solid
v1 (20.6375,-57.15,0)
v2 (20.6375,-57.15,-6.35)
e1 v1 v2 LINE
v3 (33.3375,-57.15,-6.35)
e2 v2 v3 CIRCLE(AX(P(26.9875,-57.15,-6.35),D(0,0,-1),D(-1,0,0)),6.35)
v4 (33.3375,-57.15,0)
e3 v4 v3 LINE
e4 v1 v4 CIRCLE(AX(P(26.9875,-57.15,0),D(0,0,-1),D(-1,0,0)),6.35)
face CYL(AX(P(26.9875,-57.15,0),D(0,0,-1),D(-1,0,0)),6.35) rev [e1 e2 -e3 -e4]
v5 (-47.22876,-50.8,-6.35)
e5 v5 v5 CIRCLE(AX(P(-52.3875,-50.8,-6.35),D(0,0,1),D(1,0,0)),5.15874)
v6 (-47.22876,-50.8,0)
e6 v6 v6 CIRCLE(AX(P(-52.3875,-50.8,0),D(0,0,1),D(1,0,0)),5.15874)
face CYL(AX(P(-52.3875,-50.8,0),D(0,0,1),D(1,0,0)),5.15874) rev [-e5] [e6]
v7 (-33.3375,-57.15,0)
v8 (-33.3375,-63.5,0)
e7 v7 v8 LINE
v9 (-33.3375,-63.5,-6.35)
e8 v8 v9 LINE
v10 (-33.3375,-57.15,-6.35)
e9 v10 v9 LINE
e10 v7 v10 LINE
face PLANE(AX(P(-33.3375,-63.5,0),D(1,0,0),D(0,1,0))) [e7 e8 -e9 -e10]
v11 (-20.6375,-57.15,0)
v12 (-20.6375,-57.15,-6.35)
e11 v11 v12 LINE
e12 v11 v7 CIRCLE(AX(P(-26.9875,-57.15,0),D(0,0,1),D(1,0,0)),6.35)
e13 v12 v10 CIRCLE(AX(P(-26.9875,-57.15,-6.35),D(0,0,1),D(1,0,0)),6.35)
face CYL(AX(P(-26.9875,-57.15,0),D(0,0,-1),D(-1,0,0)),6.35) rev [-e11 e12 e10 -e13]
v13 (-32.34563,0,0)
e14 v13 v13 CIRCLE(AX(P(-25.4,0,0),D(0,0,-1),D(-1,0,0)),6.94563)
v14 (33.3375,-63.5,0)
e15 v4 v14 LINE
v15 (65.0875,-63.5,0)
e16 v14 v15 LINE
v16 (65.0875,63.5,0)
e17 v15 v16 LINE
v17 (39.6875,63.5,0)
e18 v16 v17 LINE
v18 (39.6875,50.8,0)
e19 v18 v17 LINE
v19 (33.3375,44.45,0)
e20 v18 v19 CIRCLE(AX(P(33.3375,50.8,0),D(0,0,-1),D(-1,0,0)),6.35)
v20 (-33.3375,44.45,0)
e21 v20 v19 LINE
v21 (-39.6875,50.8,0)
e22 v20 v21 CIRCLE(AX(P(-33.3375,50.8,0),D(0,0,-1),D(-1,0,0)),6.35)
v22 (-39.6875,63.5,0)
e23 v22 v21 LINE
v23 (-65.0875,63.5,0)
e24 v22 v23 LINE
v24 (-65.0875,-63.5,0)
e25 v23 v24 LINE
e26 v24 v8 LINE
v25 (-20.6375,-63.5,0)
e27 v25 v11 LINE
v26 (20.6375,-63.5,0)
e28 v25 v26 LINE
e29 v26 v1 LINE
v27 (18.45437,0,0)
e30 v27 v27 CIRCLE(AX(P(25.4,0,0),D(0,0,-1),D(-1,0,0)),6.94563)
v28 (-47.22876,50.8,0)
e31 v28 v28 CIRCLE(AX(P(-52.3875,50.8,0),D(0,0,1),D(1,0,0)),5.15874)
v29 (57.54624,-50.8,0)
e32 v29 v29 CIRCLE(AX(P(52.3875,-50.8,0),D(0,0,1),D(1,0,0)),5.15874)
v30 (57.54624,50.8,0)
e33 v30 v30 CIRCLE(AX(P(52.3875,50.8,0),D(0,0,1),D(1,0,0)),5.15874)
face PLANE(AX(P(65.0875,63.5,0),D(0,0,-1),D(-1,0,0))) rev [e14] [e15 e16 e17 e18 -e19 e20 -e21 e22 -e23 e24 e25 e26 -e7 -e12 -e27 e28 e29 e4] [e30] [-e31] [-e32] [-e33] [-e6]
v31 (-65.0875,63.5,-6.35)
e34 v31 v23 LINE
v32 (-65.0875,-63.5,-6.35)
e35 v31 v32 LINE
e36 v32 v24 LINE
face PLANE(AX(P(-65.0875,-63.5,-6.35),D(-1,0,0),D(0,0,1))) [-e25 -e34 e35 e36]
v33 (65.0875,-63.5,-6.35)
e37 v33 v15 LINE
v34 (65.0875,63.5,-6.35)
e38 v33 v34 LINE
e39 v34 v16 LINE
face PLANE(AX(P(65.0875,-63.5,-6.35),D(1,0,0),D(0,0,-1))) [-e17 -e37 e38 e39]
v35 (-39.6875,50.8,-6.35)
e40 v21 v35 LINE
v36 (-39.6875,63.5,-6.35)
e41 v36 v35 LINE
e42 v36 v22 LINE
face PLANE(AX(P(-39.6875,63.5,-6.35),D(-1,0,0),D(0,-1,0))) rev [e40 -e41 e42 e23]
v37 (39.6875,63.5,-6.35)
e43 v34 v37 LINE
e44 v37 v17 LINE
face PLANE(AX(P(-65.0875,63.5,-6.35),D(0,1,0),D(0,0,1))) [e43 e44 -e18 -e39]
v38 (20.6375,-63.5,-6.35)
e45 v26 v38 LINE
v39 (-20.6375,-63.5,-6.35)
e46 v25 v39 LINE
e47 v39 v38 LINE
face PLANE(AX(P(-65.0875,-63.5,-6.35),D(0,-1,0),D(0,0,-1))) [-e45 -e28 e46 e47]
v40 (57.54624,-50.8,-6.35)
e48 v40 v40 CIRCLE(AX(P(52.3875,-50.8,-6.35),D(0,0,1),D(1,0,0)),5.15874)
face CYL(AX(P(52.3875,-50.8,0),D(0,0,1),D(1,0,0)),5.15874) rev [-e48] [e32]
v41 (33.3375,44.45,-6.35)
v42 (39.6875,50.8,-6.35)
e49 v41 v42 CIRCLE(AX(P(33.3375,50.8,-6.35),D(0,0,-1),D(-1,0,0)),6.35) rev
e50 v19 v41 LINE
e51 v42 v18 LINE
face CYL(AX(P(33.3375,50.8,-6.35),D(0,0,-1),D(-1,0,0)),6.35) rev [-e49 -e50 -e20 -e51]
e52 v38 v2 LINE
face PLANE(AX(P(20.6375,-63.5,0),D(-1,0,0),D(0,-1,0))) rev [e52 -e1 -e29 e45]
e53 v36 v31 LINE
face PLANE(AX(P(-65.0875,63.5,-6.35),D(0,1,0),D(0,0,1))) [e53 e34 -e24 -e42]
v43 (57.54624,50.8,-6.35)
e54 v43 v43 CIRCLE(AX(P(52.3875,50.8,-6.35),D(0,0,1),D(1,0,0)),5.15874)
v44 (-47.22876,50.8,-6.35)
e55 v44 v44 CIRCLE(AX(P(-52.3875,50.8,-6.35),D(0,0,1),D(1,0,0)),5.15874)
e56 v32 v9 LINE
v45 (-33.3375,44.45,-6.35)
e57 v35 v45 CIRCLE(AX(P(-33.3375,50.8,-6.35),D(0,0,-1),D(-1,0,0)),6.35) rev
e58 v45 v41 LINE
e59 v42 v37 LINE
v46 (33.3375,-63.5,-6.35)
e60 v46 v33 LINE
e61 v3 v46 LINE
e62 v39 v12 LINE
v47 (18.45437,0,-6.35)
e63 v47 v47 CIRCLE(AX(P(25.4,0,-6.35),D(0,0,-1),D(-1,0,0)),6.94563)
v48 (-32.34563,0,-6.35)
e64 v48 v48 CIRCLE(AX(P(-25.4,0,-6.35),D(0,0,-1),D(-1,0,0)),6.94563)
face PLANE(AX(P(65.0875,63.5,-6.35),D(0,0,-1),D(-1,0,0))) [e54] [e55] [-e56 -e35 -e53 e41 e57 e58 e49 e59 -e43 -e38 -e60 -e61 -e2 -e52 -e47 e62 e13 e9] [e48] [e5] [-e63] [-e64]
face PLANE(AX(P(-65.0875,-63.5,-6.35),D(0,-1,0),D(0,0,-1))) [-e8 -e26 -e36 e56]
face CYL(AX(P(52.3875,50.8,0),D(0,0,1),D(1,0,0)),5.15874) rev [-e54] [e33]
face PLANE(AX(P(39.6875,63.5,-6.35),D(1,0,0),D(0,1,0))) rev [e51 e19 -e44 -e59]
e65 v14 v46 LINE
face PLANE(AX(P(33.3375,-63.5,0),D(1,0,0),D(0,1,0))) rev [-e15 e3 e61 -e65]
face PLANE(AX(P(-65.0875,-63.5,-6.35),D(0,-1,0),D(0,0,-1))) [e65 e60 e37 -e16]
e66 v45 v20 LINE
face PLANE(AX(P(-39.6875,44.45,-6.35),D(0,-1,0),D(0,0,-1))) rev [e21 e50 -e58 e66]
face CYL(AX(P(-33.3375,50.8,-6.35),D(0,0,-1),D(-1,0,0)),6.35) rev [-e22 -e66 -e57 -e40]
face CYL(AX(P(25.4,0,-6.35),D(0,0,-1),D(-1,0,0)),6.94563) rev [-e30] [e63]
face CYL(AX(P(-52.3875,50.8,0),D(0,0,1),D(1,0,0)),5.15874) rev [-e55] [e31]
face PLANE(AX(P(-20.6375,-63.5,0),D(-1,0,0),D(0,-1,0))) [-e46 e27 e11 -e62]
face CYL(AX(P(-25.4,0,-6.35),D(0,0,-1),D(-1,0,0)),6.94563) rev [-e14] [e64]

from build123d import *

# Parameters (mm, degrees)
SKETCH1_W               = 130.175
SKETCH1_H               = 127
EXTRUDE1_DEPTH          = 6.35
F_3_8_CLEARANCE_HOLE1_D = 10.31748
SKETCH4_W               = 79.375
SKETCH4_H               = 19.05
EXTRUDE2_DEPTH          = 92.153470347
FILLET2_R               = 6.35
SKETCH5_W               = 12.7
SKETCH5_H               = 6.35
EXTRUDE3_DEPTH          = 92.153470347
SKETCH6_R               = 6.35
EXTRUDE4_DEPTH          = 92.153470347
F_1_2_CLEARANCE_HOLE1_D = 13.89126


with BuildPart() as part:
    # Sketch1 → Extrude1 (new body)
    with BuildSketch(Plane.XY):
        Rectangle(SKETCH1_W, SKETCH1_H)
    extrude(amount=-EXTRUDE1_DEPTH)

    # 3/8 Clearance Hole1 (through all)
    with Locations(Plane.XY):
        with Locations((-52.3875, 50.8), (52.3875, 50.8), (52.3875, -50.8), (-52.3875, -50.8)):
            Hole(F_3_8_CLEARANCE_HOLE1_D / 2)

    # Sketch4 → Extrude2 (cut, through all)
    with BuildSketch(Plane.XY):
        with Locations((0, 53.975)):
            Rectangle(SKETCH4_W, SKETCH4_H)
    extrude(amount=-EXTRUDE2_DEPTH, mode=Mode.SUBTRACT)

    # Fillet2
    fillet2_edges = [part.edges().sort_by_distance(p)[0] for p in [
        (-39.6875, 44.45, -3.175),
        (39.6875, 44.45, -3.175),
    ]]
    fillet(fillet2_edges, radius=FILLET2_R)

    # Sketch5 → Extrude3 (cut, through all)
    with BuildSketch(Plane(origin=(0, 0, -6.35), x_dir=(-1, 0, 0), z_dir=(0, 0, -1))):
        with Locations((-26.9875, -60.325)):
            Rectangle(SKETCH5_W, SKETCH5_H)
    extrude3 = extrude(amount=-EXTRUDE3_DEPTH, mode=Mode.SUBTRACT)

    # Sketch6 → Extrude4 (cut, through all)
    with BuildSketch(Plane(origin=(0, 0, -6.35), x_dir=(-1, 0, 0), z_dir=(0, 0, -1))):
        with Locations((-26.9875, -57.15)):
            Circle(SKETCH6_R)
    extrude4 = extrude(amount=-EXTRUDE4_DEPTH, mode=Mode.SUBTRACT)

    # Mirror2: Extrude3, Extrude4 across plane
    add(extrude3.mirror(Plane(origin=(0, 0, 0), x_dir=(0, 0, 1), z_dir=(1, 0, 0))), mode=Mode.SUBTRACT)
    add(extrude4.mirror(Plane(origin=(0, 0, 0), x_dir=(0, 0, 1), z_dir=(1, 0, 0))), mode=Mode.SUBTRACT)

    # 1/2 Clearance Hole1 (through all)
    with Locations(Plane(origin=(0, 0, -6.35), x_dir=(-1, 0, 0), z_dir=(0, 0, -1))):
        with Locations((-25.4, 0), (25.4, 0)):
            Hole(F_1_2_CLEARANCE_HOLE1_D / 2)


solid = part.part
